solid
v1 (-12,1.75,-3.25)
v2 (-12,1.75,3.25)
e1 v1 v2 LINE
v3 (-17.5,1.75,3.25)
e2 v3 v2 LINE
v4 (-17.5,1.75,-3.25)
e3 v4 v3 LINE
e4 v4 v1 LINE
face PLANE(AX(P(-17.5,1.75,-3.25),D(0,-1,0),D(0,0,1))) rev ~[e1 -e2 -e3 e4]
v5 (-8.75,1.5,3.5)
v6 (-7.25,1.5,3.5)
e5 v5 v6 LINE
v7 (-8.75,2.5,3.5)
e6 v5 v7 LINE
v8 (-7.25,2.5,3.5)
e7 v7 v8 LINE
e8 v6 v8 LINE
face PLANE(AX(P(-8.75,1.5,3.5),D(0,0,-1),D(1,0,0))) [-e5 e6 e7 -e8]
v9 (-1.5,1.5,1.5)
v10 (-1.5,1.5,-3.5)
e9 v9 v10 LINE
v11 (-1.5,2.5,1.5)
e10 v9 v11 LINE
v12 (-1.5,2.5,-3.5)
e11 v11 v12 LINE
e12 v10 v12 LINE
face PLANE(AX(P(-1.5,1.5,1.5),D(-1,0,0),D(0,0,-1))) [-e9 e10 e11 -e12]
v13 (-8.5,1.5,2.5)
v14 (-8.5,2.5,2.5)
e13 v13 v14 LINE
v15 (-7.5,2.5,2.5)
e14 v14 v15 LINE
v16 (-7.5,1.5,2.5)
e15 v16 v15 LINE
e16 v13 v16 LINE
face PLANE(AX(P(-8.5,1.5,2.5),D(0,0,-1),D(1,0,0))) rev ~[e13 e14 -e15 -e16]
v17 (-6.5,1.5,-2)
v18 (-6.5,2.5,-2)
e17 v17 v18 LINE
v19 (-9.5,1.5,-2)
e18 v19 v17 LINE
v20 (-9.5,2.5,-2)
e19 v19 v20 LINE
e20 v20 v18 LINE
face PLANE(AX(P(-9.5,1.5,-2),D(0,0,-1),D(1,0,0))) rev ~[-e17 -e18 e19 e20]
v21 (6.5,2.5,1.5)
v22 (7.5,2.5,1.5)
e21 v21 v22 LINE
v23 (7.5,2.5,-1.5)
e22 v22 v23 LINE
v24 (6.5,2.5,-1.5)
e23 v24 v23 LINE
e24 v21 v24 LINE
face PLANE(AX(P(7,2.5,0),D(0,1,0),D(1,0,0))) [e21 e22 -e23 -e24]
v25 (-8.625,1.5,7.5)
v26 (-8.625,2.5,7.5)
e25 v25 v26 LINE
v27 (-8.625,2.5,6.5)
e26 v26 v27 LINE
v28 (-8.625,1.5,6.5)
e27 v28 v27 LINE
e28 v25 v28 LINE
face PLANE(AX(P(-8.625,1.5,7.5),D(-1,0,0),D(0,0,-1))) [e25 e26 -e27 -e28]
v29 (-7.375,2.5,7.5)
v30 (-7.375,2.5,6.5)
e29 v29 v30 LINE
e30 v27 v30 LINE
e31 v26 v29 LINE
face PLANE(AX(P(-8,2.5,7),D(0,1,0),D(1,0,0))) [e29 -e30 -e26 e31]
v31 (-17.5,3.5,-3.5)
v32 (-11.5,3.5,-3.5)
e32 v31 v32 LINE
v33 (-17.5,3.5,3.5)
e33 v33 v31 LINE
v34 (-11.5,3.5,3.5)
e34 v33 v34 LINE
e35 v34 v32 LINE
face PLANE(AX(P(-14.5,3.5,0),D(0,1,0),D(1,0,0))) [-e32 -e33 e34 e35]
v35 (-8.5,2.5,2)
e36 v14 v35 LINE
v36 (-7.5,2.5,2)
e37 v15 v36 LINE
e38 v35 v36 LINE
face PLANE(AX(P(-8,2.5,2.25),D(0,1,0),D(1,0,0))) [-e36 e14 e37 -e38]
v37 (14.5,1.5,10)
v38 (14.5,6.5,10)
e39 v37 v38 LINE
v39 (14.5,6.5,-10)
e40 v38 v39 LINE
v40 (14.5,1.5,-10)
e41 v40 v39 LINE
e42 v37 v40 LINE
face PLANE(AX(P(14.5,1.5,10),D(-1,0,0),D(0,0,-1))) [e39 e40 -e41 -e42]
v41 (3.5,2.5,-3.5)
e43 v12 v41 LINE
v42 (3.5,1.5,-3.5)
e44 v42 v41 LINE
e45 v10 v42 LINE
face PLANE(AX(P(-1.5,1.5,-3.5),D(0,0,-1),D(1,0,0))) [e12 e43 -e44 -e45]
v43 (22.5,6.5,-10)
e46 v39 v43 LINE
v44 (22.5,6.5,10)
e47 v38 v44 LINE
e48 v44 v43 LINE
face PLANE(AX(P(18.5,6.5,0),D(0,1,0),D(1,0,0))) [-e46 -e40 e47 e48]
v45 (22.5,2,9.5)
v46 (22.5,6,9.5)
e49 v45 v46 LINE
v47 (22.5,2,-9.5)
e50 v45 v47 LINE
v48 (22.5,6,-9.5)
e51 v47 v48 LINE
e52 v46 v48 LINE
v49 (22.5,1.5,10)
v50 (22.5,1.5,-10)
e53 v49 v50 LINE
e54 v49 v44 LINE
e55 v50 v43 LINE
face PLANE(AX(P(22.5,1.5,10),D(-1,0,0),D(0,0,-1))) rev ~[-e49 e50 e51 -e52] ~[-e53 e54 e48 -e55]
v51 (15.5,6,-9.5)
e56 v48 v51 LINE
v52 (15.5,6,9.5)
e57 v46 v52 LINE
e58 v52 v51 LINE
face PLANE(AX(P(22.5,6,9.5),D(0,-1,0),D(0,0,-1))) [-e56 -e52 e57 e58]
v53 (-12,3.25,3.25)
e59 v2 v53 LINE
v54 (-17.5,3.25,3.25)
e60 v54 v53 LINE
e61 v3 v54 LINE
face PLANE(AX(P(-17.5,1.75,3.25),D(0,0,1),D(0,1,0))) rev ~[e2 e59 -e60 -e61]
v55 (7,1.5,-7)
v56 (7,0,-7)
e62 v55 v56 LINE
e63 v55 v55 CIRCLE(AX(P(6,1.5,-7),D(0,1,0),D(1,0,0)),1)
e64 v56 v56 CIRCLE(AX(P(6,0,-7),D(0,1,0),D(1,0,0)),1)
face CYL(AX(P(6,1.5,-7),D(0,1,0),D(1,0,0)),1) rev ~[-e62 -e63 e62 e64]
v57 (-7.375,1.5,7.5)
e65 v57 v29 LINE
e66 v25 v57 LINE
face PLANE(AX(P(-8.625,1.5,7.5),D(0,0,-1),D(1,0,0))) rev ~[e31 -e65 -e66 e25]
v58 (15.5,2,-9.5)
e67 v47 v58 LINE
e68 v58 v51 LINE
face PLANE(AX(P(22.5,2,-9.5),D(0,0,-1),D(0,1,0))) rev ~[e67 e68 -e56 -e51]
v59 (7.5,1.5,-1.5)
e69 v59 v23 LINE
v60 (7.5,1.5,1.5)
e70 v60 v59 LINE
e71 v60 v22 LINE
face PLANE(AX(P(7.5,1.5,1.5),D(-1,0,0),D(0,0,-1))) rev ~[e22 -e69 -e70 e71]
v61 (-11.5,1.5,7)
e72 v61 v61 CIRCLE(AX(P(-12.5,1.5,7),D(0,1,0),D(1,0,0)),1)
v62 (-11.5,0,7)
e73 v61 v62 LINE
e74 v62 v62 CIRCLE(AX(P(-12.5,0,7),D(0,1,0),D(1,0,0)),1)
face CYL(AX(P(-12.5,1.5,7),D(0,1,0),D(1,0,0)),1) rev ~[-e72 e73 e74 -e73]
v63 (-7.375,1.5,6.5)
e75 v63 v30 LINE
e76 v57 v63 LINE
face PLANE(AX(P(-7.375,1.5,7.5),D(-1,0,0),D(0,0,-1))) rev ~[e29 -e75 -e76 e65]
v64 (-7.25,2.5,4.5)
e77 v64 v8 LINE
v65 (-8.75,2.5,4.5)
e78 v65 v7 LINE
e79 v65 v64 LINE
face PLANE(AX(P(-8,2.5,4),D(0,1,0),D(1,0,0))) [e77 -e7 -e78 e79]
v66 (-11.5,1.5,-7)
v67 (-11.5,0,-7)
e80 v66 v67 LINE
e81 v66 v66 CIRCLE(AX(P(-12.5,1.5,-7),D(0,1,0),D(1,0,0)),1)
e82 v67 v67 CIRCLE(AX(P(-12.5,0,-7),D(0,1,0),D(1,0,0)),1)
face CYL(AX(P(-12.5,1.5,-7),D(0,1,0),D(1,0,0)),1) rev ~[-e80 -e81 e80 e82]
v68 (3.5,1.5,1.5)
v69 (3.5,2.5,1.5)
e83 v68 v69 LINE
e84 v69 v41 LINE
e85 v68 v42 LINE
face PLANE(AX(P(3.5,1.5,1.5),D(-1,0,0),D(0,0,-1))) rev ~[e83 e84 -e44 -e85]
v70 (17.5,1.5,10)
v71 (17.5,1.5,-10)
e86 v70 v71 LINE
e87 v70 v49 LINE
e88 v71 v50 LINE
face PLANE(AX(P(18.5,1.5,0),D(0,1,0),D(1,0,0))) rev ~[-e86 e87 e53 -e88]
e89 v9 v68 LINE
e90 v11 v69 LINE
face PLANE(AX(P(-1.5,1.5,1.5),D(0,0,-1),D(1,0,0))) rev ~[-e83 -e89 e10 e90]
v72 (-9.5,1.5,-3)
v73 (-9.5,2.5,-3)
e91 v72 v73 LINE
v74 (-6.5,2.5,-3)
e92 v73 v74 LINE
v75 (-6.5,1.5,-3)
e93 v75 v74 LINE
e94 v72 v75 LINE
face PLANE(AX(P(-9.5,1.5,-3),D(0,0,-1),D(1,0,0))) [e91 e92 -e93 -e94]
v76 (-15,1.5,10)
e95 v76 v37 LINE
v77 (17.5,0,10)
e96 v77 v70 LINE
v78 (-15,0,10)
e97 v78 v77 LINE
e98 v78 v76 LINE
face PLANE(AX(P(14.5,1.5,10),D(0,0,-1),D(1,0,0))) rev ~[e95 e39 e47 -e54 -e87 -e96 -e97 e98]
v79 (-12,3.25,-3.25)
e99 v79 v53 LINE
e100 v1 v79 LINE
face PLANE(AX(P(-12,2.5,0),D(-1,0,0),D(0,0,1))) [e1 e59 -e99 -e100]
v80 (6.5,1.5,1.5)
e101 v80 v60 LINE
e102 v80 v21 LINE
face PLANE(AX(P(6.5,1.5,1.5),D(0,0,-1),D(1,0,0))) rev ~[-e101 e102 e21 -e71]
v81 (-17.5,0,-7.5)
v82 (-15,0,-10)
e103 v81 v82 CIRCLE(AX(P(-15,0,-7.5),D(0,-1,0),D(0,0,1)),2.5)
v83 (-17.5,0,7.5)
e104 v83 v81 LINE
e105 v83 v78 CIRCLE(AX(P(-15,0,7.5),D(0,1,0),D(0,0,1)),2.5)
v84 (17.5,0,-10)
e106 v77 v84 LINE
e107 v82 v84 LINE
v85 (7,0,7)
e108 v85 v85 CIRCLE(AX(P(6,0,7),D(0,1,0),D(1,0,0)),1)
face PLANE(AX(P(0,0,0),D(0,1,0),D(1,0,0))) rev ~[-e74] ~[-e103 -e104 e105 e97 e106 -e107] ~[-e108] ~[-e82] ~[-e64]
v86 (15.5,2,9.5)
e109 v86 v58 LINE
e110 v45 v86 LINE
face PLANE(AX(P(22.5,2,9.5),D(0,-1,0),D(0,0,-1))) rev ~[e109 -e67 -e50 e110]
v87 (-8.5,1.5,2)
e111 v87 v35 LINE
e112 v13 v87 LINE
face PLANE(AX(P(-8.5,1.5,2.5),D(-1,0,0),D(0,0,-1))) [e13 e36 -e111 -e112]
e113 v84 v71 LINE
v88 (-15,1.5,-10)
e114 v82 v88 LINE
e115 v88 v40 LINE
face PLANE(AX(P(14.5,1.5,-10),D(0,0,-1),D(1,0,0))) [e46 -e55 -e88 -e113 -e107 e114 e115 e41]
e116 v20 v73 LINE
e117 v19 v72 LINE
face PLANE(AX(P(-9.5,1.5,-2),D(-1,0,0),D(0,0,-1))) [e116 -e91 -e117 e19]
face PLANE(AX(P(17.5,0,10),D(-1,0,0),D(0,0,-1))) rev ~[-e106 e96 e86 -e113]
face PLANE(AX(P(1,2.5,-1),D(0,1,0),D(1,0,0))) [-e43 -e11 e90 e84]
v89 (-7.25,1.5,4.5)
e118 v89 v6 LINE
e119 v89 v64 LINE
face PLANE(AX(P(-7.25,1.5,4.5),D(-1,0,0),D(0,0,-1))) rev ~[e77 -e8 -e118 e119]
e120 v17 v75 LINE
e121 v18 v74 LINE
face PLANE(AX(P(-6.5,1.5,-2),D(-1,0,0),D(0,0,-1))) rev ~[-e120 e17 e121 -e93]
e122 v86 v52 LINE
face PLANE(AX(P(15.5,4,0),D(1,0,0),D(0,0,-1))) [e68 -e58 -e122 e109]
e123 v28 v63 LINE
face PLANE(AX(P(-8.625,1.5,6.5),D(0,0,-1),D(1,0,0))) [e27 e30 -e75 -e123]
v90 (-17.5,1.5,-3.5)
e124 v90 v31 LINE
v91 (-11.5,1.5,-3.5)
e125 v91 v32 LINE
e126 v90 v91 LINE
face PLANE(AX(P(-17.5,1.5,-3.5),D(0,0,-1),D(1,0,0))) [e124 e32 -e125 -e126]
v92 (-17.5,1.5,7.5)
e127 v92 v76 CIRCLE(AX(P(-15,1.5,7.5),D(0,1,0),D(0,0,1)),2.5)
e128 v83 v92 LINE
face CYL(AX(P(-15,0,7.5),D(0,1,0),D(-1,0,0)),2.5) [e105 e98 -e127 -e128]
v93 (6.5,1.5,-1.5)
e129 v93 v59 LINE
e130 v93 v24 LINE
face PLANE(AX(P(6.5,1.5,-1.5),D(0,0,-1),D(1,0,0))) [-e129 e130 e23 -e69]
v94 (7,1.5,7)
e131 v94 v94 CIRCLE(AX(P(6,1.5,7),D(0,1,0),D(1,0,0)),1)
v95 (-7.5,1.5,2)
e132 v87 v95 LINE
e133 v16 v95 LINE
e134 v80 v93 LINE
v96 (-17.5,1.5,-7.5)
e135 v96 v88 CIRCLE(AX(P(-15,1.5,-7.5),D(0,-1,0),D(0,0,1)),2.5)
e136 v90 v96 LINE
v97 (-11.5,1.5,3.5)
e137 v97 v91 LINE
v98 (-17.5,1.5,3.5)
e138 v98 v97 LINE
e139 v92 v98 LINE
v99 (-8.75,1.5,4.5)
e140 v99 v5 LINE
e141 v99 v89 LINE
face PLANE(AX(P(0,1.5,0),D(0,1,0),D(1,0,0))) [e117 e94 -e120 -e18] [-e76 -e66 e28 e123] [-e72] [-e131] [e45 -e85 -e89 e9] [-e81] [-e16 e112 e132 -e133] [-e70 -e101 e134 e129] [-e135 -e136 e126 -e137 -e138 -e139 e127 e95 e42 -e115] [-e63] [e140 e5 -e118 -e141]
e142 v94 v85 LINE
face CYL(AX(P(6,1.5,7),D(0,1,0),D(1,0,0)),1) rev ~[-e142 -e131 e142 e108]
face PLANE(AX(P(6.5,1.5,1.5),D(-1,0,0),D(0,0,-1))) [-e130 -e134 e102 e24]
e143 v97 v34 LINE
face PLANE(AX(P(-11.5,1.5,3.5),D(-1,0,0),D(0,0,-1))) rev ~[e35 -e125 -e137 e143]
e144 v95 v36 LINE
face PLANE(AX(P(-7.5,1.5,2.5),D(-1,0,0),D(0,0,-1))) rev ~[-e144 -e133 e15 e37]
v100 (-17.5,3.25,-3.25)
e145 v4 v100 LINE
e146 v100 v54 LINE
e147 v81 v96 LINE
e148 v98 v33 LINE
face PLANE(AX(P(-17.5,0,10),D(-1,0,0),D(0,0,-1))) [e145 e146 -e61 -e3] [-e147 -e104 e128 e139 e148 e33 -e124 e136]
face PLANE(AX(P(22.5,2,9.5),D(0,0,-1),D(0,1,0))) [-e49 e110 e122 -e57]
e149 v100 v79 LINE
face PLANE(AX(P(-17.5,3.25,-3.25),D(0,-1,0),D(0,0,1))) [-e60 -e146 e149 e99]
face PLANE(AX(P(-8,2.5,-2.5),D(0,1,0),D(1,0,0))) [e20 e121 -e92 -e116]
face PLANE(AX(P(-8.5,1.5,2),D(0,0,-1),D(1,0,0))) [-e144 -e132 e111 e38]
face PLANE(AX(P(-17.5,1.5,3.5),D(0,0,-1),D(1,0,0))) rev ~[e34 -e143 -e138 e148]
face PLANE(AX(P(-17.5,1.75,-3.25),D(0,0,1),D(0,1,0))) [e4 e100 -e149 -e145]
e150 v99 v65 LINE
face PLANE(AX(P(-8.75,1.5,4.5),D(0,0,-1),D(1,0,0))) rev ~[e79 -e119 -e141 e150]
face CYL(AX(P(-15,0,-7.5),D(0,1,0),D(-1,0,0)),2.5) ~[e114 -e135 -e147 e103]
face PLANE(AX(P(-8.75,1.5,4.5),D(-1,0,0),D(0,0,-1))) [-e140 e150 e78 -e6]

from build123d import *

# Parameters (mm, degrees)
SKETCH1_W           = 35
SKETCH1_H           = 20
BOSS_EXTRUDE1_DEPTH = 1.5
FILLET1_R           = 2.5
SKETCH2_R           = 1
CUT_EXTRUDE1_DEPTH  = 1.5
SKETCH3_W           = 6
SKETCH3_H           = 7
BOSS_EXTRUDE2_DEPTH = 2
SKETCH4_W           = 6.5
SKETCH4_H           = 1.5
CUT_EXTRUDE2_DEPTH  = 5.5
SKETCH5_W           = 8
SKETCH5_H           = 20
BOSS_EXTRUDE3_DEPTH = 5
SKETCH6_W           = 19
SKETCH6_H           = 4
CUT_EXTRUDE3_DEPTH  = 7
SKETCH7_W           = 5
SKETCH7_H           = 5
BOSS_EXTRUDE4_DEPTH = 1
SKETCH8_W           = 1.25
SKETCH8_H           = 1
SKETCH8_W_2         = 1.5
SKETCH8_W_3         = 1
SKETCH8_H_2         = 0.5
SKETCH8_W_4         = 3
SKETCH8_H_3         = 3
BOSS_EXTRUDE5_DEPTH = 1


with BuildPart() as part:
    # Sketch1 → Boss-Extrude1 (new body)
    with BuildSketch(Plane(origin=(0, 0, 0), x_dir=(1, 0, 0), z_dir=(0, 1, 0))):
        Rectangle(SKETCH1_W, SKETCH1_H)
    extrude(amount=BOSS_EXTRUDE1_DEPTH)

    # Fillet1
    fillet1_edges = [part.edges().sort_by_distance(p)[0] for p in [
        (-17.5, 0.75, 10),
        (-17.5, 0.75, -10),
    ]]
    fillet(fillet1_edges, radius=FILLET1_R)

    # Sketch2 → Cut-Extrude1 (cut)
    with BuildSketch(Plane(origin=(0, 1.5, 0), x_dir=(1, 0, 0), z_dir=(0, 1, 0))):
        with Locations((-12.5, 7)):
            Circle(SKETCH2_R)
        with Locations((6, 7)):
            Circle(SKETCH2_R)
        with Locations((6, -7)):
            Circle(SKETCH2_R)
        with Locations((-12.5, -7)):
            Circle(SKETCH2_R)
    extrude(amount=-CUT_EXTRUDE1_DEPTH, mode=Mode.SUBTRACT)

    # Sketch3 → Boss-Extrude2 (add)
    with BuildSketch(Plane(origin=(0, 1.5, 0), x_dir=(1, 0, 0), z_dir=(0, 1, 0))):
        with Locations((-14.5, 0)):
            Rectangle(SKETCH3_W, SKETCH3_H)
    extrude(amount=BOSS_EXTRUDE2_DEPTH)

    # Sketch4 → Cut-Extrude2 (cut)
    with BuildSketch(Plane.ZY.offset(17.5)):
        with Locations((0, 2.5)):
            Rectangle(SKETCH4_W, SKETCH4_H)
    extrude(amount=-CUT_EXTRUDE2_DEPTH, mode=Mode.SUBTRACT)

    # Sketch5 → Boss-Extrude3 (add)
    with BuildSketch(Plane(origin=(0, 1.5, 0), x_dir=(1, 0, 0), z_dir=(0, 1, 0))):
        with Locations((18.5, 0)):
            Rectangle(SKETCH5_W, SKETCH5_H)
    extrude(amount=BOSS_EXTRUDE3_DEPTH)

    # Sketch6 → Cut-Extrude3 (cut)
    with BuildSketch(Plane(origin=(22.5, 0, 0), x_dir=(0, 0, -1), z_dir=(1, 0, 0))):
        with Locations((0, 4)):
            Rectangle(SKETCH6_W, SKETCH6_H)
    extrude(amount=-CUT_EXTRUDE3_DEPTH, mode=Mode.SUBTRACT)

    # Sketch7 → Boss-Extrude4 (add)
    with BuildSketch(Plane(origin=(0, 1.5, 0), x_dir=(1, 0, 0), z_dir=(0, 1, 0))):
        with Locations((1, 1)):
            Rectangle(SKETCH7_W, SKETCH7_H)
    extrude(amount=BOSS_EXTRUDE4_DEPTH)

    # Sketch8 → Boss-Extrude5 (add)
    with BuildSketch(Plane(origin=(0, 1.5, 0), x_dir=(1, 0, 0), z_dir=(0, 1, 0))):
        with Locations((-8, -7)):
            Rectangle(SKETCH8_W, SKETCH8_H)
        with Locations((-8, -4)):
            Rectangle(SKETCH8_W_2, SKETCH8_H)
        with Locations((-8, -2.25)):
            Rectangle(SKETCH8_W_3, SKETCH8_H_2)
        with Locations((-8, 2.5)):
            Rectangle(SKETCH8_W_4, SKETCH8_H)
        with Locations((7, 0)):
            Rectangle(SKETCH8_W_3, SKETCH8_H_3)
    extrude(amount=BOSS_EXTRUDE5_DEPTH)


solid = part.part
